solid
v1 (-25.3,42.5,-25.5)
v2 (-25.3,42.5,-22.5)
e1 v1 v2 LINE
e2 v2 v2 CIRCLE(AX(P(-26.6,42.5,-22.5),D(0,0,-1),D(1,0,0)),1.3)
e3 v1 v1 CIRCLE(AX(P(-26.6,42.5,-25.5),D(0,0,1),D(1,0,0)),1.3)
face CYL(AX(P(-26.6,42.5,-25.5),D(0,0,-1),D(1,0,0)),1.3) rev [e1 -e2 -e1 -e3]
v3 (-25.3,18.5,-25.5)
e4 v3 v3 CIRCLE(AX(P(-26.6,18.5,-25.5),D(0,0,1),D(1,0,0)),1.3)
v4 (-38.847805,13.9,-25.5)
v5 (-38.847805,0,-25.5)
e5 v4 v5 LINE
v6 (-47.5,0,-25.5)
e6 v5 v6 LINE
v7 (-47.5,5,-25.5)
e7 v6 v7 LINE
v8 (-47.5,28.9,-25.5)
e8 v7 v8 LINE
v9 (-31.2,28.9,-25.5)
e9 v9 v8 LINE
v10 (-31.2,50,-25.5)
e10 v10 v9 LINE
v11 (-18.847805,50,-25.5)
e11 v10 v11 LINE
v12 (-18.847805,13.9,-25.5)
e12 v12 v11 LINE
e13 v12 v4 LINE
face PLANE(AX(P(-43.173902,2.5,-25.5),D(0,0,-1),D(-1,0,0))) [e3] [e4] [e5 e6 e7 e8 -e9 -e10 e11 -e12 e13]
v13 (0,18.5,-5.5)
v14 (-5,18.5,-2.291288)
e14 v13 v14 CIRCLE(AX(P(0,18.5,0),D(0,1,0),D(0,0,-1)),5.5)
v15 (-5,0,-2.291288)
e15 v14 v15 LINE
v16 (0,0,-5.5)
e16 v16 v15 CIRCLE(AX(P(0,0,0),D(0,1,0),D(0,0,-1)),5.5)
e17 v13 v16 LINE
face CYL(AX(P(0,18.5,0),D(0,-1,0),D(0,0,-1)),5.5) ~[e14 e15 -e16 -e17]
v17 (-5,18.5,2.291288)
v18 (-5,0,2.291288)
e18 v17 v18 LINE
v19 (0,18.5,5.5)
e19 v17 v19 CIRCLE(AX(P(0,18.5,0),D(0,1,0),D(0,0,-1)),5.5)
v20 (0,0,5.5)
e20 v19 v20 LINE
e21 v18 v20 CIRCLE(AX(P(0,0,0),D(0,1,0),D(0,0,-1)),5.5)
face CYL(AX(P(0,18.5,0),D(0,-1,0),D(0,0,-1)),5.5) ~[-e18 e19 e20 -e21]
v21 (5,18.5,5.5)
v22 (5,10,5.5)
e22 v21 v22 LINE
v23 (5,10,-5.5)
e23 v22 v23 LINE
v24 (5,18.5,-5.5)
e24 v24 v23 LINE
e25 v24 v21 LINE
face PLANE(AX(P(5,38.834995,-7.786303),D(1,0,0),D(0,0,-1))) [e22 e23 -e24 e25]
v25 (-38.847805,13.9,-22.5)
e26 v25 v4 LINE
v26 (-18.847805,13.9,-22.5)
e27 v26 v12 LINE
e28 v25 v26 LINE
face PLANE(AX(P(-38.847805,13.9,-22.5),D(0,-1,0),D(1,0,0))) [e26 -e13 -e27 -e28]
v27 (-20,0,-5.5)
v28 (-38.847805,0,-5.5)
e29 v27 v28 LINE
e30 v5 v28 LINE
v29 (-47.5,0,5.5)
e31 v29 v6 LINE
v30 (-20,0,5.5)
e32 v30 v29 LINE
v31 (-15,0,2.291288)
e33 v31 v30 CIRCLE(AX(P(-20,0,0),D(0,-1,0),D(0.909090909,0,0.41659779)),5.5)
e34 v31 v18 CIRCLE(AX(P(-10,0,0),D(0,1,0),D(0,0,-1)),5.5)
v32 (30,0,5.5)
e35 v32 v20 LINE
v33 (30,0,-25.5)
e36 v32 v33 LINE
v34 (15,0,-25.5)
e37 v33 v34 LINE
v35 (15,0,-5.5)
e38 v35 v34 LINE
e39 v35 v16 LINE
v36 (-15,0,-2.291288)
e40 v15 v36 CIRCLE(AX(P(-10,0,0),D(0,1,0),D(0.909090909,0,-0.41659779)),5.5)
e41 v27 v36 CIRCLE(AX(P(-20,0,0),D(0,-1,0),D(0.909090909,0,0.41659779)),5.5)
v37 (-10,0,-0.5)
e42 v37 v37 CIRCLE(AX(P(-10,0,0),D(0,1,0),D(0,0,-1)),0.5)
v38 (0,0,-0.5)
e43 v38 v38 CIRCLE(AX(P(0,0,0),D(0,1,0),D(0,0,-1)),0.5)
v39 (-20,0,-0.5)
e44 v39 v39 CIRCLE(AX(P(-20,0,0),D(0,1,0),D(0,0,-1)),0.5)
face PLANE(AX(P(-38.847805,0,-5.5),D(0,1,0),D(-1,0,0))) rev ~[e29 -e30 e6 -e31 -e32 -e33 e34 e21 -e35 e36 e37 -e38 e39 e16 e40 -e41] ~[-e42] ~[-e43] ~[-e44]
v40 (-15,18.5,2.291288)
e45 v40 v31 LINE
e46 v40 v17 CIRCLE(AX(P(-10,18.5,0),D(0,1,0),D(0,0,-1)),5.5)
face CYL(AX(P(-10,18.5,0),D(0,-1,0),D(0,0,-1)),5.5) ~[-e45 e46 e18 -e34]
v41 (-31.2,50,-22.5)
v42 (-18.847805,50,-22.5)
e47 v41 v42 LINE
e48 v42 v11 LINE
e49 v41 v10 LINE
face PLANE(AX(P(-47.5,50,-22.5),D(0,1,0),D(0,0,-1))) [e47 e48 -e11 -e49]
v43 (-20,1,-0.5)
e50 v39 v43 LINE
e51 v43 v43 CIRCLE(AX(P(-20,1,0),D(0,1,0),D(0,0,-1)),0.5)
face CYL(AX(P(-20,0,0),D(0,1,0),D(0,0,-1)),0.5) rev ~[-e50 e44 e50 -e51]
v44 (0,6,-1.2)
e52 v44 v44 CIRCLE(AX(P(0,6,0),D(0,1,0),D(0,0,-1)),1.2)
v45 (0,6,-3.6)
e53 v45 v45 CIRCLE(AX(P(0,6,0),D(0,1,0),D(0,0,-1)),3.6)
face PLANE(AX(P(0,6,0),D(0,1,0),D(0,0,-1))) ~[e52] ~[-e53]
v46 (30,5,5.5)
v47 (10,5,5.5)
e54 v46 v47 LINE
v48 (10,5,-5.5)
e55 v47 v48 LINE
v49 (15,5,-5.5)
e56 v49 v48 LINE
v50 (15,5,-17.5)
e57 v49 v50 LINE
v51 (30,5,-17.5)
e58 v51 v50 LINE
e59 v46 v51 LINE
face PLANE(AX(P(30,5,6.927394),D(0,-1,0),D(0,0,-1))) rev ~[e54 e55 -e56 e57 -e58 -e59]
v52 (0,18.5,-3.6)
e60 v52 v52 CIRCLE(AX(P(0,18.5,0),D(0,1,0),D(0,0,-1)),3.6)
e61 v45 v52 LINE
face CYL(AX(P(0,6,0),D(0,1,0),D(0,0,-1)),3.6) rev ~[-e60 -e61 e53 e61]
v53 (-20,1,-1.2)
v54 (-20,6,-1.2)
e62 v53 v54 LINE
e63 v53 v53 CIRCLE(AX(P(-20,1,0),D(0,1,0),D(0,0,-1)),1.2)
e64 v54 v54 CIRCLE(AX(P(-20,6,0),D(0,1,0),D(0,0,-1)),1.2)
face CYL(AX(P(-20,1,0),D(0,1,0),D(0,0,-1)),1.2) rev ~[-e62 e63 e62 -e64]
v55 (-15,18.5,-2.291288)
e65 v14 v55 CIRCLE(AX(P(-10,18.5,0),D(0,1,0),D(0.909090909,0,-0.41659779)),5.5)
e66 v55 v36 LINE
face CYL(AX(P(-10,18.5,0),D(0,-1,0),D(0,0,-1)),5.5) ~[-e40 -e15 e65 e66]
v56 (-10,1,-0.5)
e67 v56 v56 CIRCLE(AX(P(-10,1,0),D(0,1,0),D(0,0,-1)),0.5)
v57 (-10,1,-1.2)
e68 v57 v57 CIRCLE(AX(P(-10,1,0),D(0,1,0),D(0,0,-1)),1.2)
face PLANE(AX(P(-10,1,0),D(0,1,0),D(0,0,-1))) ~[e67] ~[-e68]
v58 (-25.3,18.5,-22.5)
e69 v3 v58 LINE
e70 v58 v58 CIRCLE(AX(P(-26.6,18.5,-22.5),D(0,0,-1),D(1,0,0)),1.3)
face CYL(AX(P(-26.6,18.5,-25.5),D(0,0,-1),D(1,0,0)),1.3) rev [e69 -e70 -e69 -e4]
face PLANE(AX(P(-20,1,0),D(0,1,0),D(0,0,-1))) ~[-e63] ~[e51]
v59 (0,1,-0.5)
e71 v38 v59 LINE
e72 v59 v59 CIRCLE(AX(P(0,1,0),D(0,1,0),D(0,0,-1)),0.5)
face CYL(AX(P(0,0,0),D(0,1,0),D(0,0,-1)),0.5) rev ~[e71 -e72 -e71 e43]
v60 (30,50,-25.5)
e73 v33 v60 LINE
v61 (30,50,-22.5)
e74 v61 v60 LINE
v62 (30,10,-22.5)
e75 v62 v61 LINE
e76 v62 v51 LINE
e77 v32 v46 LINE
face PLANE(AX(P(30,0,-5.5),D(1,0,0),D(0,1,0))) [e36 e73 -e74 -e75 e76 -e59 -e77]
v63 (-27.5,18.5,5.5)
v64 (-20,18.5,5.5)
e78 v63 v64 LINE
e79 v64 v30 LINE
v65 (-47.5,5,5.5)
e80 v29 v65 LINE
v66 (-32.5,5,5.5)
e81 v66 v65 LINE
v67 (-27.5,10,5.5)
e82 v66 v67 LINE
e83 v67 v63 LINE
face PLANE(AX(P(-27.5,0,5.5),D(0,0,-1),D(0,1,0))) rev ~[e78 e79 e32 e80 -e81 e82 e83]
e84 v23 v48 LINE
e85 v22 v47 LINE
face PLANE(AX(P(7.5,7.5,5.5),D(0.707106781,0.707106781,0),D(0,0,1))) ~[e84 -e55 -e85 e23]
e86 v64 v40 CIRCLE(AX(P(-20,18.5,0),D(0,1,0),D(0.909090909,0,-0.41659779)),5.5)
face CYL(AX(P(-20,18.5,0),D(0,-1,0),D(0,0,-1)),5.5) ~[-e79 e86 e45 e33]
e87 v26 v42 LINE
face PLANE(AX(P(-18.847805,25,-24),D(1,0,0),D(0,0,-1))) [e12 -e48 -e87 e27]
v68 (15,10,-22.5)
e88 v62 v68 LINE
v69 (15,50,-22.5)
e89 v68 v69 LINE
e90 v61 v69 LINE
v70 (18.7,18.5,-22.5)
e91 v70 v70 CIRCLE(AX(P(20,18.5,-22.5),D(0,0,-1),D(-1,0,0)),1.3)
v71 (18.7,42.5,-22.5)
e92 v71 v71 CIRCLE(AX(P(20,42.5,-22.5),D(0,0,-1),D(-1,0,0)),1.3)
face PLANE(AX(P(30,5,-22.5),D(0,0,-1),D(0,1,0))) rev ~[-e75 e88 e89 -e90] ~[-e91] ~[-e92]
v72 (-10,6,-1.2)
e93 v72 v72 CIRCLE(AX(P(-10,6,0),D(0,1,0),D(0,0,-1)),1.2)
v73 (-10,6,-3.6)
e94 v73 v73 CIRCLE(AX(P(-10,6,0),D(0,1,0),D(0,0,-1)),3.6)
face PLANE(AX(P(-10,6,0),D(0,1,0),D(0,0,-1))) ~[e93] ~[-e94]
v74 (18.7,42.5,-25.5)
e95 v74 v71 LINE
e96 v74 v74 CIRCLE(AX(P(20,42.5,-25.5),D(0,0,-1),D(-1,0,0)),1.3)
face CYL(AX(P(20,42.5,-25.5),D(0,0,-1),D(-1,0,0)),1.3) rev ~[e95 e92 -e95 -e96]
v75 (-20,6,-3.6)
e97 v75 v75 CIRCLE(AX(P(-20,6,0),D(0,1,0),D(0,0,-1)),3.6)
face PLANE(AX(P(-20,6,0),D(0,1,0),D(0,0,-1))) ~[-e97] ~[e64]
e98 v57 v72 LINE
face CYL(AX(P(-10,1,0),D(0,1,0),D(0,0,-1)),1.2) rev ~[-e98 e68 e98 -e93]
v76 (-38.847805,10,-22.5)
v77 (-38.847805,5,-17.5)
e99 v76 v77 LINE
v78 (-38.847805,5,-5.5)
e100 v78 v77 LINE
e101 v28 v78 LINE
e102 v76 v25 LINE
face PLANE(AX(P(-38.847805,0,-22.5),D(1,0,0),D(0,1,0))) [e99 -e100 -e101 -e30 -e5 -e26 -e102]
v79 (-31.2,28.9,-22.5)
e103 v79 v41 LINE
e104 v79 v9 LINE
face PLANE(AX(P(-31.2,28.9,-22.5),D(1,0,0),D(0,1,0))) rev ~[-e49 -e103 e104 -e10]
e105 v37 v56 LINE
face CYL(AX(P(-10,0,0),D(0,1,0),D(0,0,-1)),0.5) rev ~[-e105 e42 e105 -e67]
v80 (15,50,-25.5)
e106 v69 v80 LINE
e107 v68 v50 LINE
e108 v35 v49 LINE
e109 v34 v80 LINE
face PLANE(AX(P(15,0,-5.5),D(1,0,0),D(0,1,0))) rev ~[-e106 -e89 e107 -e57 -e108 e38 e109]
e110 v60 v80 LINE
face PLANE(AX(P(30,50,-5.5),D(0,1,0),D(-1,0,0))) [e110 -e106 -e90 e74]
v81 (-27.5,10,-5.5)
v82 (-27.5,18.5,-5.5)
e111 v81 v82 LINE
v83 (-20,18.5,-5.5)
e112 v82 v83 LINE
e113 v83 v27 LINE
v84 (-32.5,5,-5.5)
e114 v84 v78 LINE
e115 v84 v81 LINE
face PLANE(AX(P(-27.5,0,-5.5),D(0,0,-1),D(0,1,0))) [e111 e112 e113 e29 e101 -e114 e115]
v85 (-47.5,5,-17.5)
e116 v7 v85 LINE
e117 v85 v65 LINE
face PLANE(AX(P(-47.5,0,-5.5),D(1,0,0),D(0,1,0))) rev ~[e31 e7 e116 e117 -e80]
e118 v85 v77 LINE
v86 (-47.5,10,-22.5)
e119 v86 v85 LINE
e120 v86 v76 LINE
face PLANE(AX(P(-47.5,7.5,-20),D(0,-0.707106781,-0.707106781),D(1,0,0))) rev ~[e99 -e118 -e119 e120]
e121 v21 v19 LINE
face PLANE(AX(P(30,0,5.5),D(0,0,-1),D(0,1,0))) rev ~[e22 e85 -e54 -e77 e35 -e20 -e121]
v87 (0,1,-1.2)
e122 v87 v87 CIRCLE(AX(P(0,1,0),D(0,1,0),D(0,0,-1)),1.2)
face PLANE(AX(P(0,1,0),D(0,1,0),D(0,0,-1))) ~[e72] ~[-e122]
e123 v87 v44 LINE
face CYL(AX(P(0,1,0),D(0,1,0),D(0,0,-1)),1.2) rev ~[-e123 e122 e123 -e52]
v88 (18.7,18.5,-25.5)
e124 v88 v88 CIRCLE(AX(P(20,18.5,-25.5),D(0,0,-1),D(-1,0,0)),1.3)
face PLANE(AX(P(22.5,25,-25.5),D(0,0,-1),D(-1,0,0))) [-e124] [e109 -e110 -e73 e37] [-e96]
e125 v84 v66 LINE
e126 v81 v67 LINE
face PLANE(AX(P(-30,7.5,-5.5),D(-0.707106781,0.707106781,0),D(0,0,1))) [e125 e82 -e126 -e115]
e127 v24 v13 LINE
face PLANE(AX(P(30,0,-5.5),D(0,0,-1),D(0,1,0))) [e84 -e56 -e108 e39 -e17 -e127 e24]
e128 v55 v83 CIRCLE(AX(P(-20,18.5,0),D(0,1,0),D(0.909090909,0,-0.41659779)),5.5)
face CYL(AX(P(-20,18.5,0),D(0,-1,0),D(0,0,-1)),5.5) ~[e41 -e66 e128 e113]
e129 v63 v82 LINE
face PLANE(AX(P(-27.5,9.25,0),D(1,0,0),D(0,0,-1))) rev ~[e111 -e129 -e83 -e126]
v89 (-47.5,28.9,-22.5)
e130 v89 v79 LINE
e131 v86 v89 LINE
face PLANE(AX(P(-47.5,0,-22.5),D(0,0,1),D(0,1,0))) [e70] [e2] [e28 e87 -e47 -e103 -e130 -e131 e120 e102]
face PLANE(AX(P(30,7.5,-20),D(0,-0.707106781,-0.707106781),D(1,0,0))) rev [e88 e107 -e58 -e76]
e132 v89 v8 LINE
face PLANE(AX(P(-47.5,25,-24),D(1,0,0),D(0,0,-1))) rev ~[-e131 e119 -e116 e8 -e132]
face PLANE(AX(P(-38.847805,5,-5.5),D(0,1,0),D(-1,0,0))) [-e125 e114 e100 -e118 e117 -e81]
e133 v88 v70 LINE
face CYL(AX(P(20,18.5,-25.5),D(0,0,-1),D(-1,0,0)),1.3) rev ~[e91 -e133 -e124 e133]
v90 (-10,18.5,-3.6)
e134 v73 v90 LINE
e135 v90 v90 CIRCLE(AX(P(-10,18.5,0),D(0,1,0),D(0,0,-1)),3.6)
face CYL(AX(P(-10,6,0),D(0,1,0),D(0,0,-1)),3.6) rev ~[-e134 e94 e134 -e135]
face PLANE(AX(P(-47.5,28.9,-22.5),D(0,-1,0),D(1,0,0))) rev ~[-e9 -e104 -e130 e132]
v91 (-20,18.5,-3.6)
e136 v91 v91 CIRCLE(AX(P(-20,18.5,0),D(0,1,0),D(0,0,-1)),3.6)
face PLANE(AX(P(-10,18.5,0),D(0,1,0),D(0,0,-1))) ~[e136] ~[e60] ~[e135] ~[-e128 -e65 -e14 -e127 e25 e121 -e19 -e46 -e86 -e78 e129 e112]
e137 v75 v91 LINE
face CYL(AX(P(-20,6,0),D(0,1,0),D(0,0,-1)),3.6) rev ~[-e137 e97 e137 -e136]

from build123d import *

# Parameters (mm, degrees)
BOSS_EXTRUDE1_REACH      = 42.407
BOSS_EXTRUDE1_END_RADIUS = 5.5
SKETCH3_W                = 11
SKETCH3_H                = 18.5
SKETCH4_W                = 15
SKETCH4_H                = 50
BOSS_EXTRUDE2_DEPTH      = 20
SKETCH6_W                = 29.427394299
SKETCH6_H                = 67.669990189
CUT_EXTRUDE1_DEPTH       = 25
SKETCH5_R                = 1.3
CUT_EXTRUDE3_DEPTH       = 10
LPATTERN3_COUNT          = 3
LPATTERN3_PITCH          = 10
BOSS_EXTRUDE3_REACH      = 82.352
BOSS_EXTRUDE3_END_RADIUS = 5.5
SKETCH8_W                = 11
SKETCH8_H                = 18.5
SKETCH10_W               = 11
SKETCH10_H               = 5
BOSS_EXTRUDE4_DEPTH      = 20
SKETCH11_W               = 8.652195312
SKETCH11_H               = 5
BOSS_EXTRUDE5_DEPTH      = 20
BOSS_EXTRUDE6_DEPTH      = 20
BOSS_EXTRUDE6_DEPTH_BACK = 8.652195
SKETCH12_W               = 3
SKETCH12_H               = 50
SKETCH14_W               = 20
SKETCH14_H               = 13.9
SKETCH14_W_2             = 16.3
SKETCH14_H_2             = 21.1
CUT_EXTRUDE5_DEPTH       = 10
CHAMFER2_SIZE            = 5


with BuildPart() as part:
    # Sketch1 → Revolve1 (revolve)
    with BuildSketch(Plane.XY, mode=Mode.PRIVATE) as revolve1_sk:
        Polygon((3.6, 18.5), (5.5, 18.5), (5.5, 0), (0.5, 0), (0.5, 1), (1.2, 1), (1.2, 6), (3.6, 6), align=None)
    revolve1 = revolve(revolve1_sk.sketch.rotate(Axis((0, 0, 0), (0, 1, 0)), 90), axis=Axis((0, 0, 0), (0, 1, 0)))

    # Boss-Extrude1: up to this cylinder (the profile starts outside it)
    boss_extrude1_end = Plane(origin=(0, 9.25, 0), z_dir=(0, -1, 0)) * Cylinder(BOSS_EXTRUDE1_END_RADIUS, 96.814, mode=Mode.PRIVATE)
    # Sketch3 → Boss-Extrude1 (add, up to the surface)
    with BuildSketch(Plane(origin=(30, 0, 0), x_dir=(0, 0, -1), z_dir=(1, 0, 0)), mode=Mode.PRIVATE) as boss_extrude1_sk1:
        with Locations((0, 9.25)):
            Rectangle(SKETCH3_W, SKETCH3_H)
    boss_extrude1_tool1 = extrude(boss_extrude1_sk1.sketch, amount=-BOSS_EXTRUDE1_REACH, mode=Mode.PRIVATE) - boss_extrude1_end
    add(boss_extrude1_tool1.solids().sort_by_distance((30, 9.25, 0))[0])

    # Sketch4 → Boss-Extrude2 (add)
    with BuildSketch(Plane(origin=(0, 0, -5.5), x_dir=(-1, 0, 0), z_dir=(0, 0, -1))):
        with Locations((-22.5, 25)):
            Rectangle(SKETCH4_W, SKETCH4_H)
    extrude(amount=BOSS_EXTRUDE2_DEPTH)

    # Sketch6 → Cut-Extrude1 (cut)
    with BuildSketch(Plane(origin=(30, 0, 0), x_dir=(0, 0, -1), z_dir=(1, 0, 0))):
        with Locations((7.786302851, 38.834995095)):
            Rectangle(SKETCH6_W, SKETCH6_H)
    extrude(amount=-CUT_EXTRUDE1_DEPTH, mode=Mode.SUBTRACT)

    # Sketch5 → Cut-Extrude3 (cut)
    with BuildSketch(Plane(origin=(0, 0, -25.5), x_dir=(-1, 0, 0), z_dir=(0, 0, -1))):
        with Locations((-20, 42.5)):
            Circle(SKETCH5_R)
        with Locations((-20, 18.5)):
            Circle(SKETCH5_R)
    cut_extrude3 = extrude(amount=-CUT_EXTRUDE3_DEPTH, mode=Mode.SUBTRACT)

    # LPattern3: Revolve1 ×3
    with Locations(*[(-i * LPATTERN3_PITCH, 0, 0) for i in range(1, LPATTERN3_COUNT)]):
        add(revolve1)

    # Boss-Extrude3: up to this cylinder (the profile starts outside it)
    boss_extrude3_end = Plane(origin=(-20, 9.25, 0), z_dir=(0, -1, 0)) * Cylinder(BOSS_EXTRUDE3_END_RADIUS, 176.704, mode=Mode.PRIVATE)
    # Sketch8 → Boss-Extrude3 (add, up to the surface)
    with BuildSketch(Plane(origin=(-27.5, 0, 0), x_dir=(0, 0, -1), z_dir=(1, 0, 0)), mode=Mode.PRIVATE) as boss_extrude3_sk1:
        with Locations((0, 9.25)):
            Rectangle(SKETCH8_W, SKETCH8_H)
    boss_extrude3_tool1 = extrude(boss_extrude3_sk1.sketch, amount=BOSS_EXTRUDE3_REACH, mode=Mode.PRIVATE) - boss_extrude3_end
    add(boss_extrude3_tool1.solids().sort_by_distance((-27.5, 9.25, 0))[0])

    # Sketch10 → Boss-Extrude4 (add)
    with BuildSketch(Plane.ZY.offset(27.5)):
        with Locations((0, 2.5)):
            Rectangle(SKETCH10_W, SKETCH10_H)
    extrude(amount=BOSS_EXTRUDE4_DEPTH)

    # Sketch11 → Boss-Extrude5 (add)
    with BuildSketch(Plane(origin=(0, 0, -5.5), x_dir=(-1, 0, 0), z_dir=(0, 0, -1))):
        with Locations((43.173902344, 2.5)):
            Rectangle(SKETCH11_W, SKETCH11_H)
    extrude(amount=BOSS_EXTRUDE5_DEPTH)

    # Sketch12 → Boss-Extrude6 (add, two sides: drawn at the far end of the back side and taken through both)
    with BuildSketch(Plane(origin=(-38.847804688, 0, 0), x_dir=(0, 0, -1), z_dir=(1, 0, 0)).offset(-BOSS_EXTRUDE6_DEPTH_BACK)):
        with Locations((24, 25)):
            Rectangle(SKETCH12_W, SKETCH12_H)
    extrude(amount=BOSS_EXTRUDE6_DEPTH + BOSS_EXTRUDE6_DEPTH_BACK)

    # Mirror1: Cut-Extrude3 across plane
    add(cut_extrude3.mirror(Plane.ZY.offset(3.3)), mode=Mode.SUBTRACT)

    # Sketch14 → Cut-Extrude5 (cut)
    with BuildSketch(Plane.XY.offset(-22.5)):
        with Locations((-28.847804688, 6.95)):
            Rectangle(SKETCH14_W, SKETCH14_H)
        with Locations((-39.35, 39.45)):
            Rectangle(SKETCH14_W_2, SKETCH14_H_2)
    extrude(amount=-CUT_EXTRUDE5_DEPTH, mode=Mode.SUBTRACT)

    # Chamfer2
    chamfer2_edges = [part.edges().sort_by_distance(p)[0] for p in [
        (-27.5, 5, 0),
        (-43.173902188, 5, -22.5),
        (5, 5, 0),
        (22.5, 5, -22.5),
    ]]
    chamfer(chamfer2_edges, length=CHAMFER2_SIZE)


solid = part.part
